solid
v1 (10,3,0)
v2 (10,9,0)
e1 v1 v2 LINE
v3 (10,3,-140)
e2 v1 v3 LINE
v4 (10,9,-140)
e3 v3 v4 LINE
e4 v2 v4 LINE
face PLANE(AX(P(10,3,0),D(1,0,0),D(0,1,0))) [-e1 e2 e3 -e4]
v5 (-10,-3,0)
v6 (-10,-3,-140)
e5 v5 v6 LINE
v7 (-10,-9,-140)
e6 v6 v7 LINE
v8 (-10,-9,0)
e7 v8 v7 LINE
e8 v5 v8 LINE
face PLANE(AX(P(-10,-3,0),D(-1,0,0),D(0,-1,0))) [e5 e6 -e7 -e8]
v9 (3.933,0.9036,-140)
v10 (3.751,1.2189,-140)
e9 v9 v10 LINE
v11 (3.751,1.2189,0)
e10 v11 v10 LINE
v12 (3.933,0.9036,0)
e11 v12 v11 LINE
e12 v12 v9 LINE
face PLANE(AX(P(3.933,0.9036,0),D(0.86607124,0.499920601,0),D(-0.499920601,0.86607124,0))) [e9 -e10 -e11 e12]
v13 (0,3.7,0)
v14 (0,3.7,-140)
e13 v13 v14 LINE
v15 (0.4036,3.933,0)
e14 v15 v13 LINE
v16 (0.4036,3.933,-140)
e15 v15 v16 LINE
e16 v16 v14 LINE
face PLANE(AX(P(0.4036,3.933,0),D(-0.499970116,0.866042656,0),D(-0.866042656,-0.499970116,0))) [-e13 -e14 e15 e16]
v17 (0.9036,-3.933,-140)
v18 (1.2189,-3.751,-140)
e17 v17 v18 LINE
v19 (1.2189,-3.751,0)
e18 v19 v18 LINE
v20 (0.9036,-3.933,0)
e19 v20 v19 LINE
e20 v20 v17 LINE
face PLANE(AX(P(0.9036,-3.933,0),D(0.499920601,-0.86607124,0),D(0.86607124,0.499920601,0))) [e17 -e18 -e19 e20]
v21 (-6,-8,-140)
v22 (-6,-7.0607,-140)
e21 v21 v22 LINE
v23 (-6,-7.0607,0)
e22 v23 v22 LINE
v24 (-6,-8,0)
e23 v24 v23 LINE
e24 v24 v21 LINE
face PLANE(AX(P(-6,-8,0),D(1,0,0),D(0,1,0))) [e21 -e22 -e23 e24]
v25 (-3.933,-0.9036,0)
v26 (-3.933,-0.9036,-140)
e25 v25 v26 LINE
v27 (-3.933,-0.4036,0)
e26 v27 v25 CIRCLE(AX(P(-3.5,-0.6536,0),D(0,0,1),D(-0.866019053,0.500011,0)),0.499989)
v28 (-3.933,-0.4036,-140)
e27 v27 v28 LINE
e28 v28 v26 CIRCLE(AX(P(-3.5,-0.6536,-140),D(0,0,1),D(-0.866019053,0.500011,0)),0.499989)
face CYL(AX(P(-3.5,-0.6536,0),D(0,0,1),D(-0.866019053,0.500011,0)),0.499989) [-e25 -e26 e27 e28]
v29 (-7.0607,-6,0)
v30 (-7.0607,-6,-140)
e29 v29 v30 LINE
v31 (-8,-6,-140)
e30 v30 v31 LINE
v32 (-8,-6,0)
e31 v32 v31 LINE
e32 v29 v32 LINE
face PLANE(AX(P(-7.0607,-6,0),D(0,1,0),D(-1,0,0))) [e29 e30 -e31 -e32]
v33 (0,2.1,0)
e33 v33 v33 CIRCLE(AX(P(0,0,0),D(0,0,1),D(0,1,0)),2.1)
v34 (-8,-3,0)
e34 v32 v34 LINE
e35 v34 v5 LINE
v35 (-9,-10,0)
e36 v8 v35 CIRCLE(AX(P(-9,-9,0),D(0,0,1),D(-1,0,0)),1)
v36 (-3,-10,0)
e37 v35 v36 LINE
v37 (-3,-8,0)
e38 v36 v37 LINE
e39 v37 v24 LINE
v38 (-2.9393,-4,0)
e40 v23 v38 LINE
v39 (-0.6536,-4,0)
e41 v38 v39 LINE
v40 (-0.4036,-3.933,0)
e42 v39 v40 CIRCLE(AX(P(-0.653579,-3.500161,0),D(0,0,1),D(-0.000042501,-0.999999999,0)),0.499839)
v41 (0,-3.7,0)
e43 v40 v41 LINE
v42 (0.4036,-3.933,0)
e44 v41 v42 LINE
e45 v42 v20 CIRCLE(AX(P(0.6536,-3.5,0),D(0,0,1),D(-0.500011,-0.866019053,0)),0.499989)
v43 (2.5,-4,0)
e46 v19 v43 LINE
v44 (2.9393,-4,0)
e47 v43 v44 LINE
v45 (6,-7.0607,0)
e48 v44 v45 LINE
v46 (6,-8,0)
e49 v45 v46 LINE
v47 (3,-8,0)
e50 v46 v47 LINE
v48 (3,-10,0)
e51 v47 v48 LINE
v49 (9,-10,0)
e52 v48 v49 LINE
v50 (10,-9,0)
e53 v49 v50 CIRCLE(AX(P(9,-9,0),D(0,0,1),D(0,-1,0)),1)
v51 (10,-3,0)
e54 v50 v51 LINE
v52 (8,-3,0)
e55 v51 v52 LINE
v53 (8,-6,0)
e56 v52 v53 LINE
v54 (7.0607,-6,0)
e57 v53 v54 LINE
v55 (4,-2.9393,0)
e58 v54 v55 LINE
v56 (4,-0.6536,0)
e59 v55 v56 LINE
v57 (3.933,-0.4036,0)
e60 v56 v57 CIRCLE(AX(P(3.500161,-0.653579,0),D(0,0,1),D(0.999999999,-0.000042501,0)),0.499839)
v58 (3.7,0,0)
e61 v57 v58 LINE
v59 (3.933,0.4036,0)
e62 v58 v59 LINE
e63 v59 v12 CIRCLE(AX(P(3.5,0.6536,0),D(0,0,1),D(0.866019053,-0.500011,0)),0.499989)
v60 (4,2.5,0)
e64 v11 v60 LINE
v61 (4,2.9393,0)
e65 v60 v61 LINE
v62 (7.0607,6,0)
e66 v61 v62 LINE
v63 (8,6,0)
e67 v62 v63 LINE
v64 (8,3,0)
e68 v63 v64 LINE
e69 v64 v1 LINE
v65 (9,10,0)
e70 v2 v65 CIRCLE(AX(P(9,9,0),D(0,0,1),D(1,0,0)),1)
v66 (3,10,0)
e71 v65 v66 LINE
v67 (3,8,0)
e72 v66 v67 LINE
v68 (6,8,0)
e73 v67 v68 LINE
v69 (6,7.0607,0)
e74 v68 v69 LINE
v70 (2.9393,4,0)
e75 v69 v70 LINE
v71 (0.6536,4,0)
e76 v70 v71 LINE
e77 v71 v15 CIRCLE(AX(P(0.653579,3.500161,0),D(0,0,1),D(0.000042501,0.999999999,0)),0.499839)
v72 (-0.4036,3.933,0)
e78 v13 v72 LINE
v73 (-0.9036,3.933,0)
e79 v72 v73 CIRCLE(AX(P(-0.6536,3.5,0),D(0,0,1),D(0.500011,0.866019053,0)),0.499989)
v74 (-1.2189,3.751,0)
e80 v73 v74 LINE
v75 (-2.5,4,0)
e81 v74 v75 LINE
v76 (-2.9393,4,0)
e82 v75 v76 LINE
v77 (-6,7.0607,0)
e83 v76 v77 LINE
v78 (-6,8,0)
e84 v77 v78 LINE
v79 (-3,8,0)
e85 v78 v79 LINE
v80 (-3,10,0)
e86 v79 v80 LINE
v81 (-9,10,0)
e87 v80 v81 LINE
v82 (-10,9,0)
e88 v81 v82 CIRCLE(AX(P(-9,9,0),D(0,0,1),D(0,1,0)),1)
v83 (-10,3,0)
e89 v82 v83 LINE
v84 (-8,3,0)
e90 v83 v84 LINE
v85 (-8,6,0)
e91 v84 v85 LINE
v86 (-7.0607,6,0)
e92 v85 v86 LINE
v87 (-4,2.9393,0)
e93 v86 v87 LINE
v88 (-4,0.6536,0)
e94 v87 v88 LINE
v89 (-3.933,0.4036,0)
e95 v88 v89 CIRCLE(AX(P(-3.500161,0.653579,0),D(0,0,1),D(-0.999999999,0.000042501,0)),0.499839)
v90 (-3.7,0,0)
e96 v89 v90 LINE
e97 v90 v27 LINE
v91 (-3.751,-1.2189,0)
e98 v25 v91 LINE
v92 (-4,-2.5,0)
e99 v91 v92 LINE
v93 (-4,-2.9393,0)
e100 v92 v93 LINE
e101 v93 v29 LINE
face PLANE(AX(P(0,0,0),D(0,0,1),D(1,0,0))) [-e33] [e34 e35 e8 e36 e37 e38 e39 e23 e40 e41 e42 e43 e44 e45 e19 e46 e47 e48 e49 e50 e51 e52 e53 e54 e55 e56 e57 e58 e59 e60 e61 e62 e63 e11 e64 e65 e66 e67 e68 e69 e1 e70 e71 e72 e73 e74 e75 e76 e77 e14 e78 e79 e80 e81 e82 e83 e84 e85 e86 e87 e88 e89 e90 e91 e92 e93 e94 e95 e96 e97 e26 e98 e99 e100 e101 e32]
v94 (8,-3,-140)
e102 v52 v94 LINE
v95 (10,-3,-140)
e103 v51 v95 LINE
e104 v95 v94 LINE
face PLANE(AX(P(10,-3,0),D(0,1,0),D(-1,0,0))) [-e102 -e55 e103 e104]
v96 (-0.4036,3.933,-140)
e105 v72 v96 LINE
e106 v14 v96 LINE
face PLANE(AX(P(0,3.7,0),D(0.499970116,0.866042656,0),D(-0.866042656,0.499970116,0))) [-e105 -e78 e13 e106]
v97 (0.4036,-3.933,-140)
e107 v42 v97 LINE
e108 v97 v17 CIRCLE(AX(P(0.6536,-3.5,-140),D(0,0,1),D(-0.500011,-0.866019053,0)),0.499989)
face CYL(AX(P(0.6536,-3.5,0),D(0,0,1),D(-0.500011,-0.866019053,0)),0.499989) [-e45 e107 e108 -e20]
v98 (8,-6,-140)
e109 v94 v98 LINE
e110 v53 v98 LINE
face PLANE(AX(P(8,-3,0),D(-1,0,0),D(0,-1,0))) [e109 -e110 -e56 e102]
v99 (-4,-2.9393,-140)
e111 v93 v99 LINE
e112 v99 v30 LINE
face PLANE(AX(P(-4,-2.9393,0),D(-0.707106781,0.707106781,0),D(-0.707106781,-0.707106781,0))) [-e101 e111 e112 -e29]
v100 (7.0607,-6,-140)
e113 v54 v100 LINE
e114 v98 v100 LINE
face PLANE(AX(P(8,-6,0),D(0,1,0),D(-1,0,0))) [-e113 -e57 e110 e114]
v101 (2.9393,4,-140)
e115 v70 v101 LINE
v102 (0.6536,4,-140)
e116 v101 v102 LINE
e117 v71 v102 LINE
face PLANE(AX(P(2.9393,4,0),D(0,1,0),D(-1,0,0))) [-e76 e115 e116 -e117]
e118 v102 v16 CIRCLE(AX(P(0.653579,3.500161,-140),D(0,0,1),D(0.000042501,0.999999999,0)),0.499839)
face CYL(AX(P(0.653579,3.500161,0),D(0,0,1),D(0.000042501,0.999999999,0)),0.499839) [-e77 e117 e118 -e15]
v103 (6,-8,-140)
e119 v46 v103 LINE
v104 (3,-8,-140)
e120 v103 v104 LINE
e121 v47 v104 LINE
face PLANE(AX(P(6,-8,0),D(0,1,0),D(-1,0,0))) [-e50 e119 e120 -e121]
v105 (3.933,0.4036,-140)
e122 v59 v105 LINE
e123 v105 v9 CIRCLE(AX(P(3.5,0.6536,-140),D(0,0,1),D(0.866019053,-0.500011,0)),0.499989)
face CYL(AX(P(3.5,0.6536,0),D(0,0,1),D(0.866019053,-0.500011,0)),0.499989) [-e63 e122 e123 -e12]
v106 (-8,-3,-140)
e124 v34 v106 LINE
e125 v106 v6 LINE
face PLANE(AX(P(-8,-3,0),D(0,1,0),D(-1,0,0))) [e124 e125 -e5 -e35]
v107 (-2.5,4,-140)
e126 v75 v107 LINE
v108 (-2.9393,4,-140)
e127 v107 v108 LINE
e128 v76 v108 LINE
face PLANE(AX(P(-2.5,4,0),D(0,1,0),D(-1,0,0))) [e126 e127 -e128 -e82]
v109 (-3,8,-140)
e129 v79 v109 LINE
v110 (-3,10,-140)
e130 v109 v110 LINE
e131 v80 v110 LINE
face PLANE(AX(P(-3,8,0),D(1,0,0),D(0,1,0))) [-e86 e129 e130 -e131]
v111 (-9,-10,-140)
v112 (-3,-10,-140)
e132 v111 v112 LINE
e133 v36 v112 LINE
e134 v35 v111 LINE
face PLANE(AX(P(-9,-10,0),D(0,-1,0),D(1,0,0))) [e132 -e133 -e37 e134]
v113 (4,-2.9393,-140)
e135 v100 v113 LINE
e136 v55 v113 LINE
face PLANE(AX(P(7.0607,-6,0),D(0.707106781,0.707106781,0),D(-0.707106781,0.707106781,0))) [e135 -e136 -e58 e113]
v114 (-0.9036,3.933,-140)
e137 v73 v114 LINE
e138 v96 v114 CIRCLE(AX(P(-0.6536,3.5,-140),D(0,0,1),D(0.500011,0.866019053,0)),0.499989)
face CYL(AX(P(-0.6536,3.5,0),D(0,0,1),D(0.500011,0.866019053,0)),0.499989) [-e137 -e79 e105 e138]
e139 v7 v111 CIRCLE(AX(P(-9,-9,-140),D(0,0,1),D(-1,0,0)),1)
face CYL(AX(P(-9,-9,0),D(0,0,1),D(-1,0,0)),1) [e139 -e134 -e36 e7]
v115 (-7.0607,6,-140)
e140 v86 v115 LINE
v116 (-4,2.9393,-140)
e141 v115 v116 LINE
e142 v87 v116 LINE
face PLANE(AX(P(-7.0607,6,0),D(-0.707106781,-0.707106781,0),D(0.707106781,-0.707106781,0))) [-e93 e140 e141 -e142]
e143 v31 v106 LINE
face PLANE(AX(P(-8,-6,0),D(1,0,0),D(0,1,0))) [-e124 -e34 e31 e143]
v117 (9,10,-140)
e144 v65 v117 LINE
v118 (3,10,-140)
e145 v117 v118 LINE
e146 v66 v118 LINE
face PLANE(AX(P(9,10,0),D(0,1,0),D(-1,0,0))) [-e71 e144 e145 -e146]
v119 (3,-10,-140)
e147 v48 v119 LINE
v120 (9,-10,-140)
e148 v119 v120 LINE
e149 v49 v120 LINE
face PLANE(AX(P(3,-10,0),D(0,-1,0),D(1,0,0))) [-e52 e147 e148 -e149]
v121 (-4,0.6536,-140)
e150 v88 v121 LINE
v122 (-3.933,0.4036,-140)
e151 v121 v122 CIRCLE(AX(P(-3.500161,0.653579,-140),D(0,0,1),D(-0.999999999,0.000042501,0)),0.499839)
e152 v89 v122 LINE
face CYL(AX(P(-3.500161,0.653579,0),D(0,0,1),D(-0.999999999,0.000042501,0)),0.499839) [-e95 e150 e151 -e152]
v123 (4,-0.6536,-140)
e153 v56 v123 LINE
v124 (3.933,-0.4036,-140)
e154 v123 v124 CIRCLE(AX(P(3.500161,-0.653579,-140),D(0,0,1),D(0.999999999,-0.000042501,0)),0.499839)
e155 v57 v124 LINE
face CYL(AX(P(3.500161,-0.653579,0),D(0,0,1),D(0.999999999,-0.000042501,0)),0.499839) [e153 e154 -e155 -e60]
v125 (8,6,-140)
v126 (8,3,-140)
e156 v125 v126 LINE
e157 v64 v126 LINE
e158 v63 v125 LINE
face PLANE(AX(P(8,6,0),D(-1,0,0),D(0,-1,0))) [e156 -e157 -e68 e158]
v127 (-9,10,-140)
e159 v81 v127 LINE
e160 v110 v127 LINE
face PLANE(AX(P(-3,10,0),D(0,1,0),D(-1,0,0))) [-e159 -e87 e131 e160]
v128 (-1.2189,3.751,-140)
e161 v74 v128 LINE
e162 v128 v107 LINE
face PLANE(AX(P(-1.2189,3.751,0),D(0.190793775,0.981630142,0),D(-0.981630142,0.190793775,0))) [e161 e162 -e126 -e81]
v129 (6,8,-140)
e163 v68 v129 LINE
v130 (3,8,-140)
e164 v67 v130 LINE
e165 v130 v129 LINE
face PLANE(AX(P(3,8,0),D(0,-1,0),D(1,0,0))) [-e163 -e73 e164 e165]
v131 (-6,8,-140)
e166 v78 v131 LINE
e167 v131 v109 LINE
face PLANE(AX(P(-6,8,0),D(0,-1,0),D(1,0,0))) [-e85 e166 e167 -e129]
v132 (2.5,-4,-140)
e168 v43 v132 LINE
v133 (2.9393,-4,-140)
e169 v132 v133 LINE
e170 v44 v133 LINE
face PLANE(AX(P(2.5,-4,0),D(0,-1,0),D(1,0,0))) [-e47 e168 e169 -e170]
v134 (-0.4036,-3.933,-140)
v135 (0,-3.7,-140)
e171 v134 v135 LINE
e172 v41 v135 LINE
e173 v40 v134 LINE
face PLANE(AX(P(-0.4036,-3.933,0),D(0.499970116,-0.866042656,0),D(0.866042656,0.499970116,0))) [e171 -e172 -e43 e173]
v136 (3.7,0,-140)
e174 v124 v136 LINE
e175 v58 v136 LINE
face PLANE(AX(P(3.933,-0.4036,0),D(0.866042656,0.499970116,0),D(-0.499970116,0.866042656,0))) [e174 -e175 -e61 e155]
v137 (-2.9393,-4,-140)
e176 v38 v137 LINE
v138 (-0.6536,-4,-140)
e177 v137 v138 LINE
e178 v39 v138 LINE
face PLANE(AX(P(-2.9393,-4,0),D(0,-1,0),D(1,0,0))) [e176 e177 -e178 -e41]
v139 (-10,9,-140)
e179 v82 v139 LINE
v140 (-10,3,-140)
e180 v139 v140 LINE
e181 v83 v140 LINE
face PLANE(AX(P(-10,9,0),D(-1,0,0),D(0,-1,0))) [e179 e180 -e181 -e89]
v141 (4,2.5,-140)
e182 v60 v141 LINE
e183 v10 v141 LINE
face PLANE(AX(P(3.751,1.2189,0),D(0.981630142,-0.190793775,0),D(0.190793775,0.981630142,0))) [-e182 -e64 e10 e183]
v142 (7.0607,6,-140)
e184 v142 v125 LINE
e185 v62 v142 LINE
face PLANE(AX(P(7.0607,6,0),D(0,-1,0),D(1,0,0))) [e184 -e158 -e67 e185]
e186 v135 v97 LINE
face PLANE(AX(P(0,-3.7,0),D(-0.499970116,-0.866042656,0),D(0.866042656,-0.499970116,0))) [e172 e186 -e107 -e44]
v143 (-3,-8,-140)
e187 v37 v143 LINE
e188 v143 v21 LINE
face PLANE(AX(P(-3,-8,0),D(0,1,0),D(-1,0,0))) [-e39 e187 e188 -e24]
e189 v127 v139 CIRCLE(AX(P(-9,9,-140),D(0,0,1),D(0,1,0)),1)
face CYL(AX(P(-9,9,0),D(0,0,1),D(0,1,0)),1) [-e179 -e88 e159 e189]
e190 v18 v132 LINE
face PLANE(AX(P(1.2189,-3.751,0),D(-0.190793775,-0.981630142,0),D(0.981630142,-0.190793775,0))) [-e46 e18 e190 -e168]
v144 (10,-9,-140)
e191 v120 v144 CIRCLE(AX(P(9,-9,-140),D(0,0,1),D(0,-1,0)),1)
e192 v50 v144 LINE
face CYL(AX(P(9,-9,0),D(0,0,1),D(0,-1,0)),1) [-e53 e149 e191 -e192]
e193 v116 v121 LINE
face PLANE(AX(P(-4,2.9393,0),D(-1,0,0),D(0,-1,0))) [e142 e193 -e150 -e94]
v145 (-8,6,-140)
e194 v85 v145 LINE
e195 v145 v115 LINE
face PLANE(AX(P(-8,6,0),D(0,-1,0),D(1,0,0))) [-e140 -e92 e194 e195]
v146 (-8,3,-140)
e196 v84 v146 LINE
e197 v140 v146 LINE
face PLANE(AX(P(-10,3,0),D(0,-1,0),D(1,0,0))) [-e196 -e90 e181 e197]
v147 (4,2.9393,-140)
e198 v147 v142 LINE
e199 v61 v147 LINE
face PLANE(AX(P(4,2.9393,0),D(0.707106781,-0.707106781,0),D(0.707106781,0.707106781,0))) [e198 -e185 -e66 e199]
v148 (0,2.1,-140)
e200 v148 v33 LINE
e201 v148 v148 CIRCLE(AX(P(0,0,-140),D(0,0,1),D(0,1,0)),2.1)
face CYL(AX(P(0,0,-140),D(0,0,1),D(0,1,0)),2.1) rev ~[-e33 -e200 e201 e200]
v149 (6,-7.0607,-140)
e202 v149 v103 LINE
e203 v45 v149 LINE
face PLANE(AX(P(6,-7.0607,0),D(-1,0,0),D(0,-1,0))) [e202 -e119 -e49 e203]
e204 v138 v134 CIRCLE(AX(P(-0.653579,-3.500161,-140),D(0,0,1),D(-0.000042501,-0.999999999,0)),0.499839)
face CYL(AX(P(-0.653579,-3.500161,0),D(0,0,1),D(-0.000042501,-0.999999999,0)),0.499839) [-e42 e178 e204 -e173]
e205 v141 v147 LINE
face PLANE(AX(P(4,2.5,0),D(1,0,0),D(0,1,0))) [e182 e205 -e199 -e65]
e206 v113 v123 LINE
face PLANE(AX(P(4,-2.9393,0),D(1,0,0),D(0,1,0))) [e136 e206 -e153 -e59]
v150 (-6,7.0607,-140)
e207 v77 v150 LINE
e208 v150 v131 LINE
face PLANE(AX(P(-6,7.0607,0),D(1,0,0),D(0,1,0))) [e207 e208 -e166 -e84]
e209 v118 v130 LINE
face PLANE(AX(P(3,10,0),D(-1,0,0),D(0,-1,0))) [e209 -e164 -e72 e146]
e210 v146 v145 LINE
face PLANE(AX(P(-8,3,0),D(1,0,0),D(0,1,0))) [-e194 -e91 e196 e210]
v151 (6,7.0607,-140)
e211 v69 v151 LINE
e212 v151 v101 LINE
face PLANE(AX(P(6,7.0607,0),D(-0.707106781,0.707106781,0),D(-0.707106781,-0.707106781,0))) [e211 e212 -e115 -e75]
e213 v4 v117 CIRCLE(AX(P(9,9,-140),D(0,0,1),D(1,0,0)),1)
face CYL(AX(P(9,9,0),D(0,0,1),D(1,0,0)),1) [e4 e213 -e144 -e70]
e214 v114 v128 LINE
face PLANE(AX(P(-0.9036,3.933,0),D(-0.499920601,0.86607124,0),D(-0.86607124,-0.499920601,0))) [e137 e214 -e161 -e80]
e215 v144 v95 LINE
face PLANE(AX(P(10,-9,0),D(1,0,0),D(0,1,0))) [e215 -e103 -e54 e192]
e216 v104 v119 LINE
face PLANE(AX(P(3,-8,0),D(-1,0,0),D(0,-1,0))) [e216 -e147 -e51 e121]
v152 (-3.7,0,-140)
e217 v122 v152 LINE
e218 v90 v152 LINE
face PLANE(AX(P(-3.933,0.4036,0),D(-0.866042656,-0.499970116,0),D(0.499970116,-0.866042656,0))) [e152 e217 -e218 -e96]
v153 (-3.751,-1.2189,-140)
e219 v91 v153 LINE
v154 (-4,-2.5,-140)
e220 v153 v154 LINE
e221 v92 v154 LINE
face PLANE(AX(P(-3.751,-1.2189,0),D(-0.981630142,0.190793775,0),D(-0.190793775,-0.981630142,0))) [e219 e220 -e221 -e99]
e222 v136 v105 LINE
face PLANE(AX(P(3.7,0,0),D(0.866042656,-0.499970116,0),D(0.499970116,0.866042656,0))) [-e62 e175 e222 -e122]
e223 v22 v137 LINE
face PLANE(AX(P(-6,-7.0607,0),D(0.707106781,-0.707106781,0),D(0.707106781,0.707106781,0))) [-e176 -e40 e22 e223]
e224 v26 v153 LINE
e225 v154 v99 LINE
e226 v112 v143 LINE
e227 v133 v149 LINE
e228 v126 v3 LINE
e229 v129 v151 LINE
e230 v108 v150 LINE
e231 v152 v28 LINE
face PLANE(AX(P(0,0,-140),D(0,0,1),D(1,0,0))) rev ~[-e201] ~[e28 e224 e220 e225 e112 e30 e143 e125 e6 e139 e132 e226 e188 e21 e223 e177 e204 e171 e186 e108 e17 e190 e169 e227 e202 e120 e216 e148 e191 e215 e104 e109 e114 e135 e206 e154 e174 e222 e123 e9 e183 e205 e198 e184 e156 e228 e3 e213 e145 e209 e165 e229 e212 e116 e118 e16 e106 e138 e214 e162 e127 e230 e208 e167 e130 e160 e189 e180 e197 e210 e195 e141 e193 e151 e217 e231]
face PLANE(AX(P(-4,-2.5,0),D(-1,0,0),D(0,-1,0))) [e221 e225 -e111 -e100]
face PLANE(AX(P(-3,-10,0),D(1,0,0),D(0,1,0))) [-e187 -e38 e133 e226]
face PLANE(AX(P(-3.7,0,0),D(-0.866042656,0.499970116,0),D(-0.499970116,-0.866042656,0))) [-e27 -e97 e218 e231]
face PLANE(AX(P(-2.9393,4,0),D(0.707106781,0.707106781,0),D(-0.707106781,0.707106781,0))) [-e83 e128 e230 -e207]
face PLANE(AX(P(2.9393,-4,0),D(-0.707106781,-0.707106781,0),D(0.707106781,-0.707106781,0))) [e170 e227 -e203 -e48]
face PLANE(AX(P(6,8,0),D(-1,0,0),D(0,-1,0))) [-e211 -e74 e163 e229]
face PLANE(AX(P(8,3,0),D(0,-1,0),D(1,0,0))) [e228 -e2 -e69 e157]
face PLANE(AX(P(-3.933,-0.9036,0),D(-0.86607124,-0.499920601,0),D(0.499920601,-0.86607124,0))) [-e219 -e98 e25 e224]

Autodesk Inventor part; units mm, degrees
ref_plane "YZ Plane" through (0, 0, 0) normal (1, 0, 0) x (0, 1, 0)
ref_plane "XZ Plane" through (0, 0, 0) normal (0, 1, 0) x (-1, 0, 0)
ref_plane "XY Plane" through (0, 0, 0) normal (0, 0, 1) x (1, 0, 0)
sketch "_____4" plane through (0, 0, 0) normal (0, 0, 1) x (1, 0, 0)
  line L0 (-10, -3) -> (-10, -9)
  arc A0 (-10, -9) -> (-9, -10) centre (-9, -9) ccw
  line L1 (-9, -10) -> (-3, -10)
  line L2 (-3, -10) -> (-3, -8)
  line L3 (-3, -8) -> (-6, -8)
  line L4 (-6, -8) -> (-6, -7.0607)
  line L5 (-6, -7.0607) -> (-2.9393, -4)
  line L6 (-2.9393, -4) -> (-0.6536, -4)
  arc A1 (-0.6536, -4) -> (-0.4036, -3.933) centre (-0.6536, -3.5) ccw
  line L7 (-0.4036, -3.933) -> (0, -3.7)
  line L8 (0, -3.7) -> (0.4036, -3.933)
  arc A2 (0.4036, -3.933) -> (0.9036, -3.933) centre (0.6536, -3.5) ccw
  line L9 (0.9036, -3.933) -> (1.2189, -3.751)
  line L10 (1.2189, -3.751) -> (2.5, -4)
  line L11 (2.5, -4) -> (2.9393, -4)
  line L12 (2.9393, -4) -> (6, -7.0607)
  line L13 (6, -7.0607) -> (6, -8)
  line L14 (6, -8) -> (3, -8)
  line L15 (3, -8) -> (3, -10)
  line L16 (3, -10) -> (9, -10)
  arc A3 (9, -10) -> (10, -9) centre (9, -9) ccw
  line L17 (10, -9) -> (10, -3)
  line L18 (10, -3) -> (8, -3)
  line L19 (8, -3) -> (8, -6)
  line L20 (8, -6) -> (7.0607, -6)
  line L21 (7.0607, -6) -> (4, -2.9393)
  line L22 (4, -2.9393) -> (4, -0.6536)
  arc A4 (4, -0.6536) -> (3.933, -0.4036) centre (3.5, -0.6536) ccw
  line L23 (3.933, -0.4036) -> (3.7, 0)
  line L24 (3.7, 0) -> (3.933, 0.4036)
  arc A5 (3.933, 0.4036) -> (3.933, 0.9036) centre (3.5, 0.6536) ccw
  line L25 (3.933, 0.9036) -> (3.751, 1.2189)
  line L26 (3.751, 1.2189) -> (4, 2.5)
  line L27 (4, 2.5) -> (4, 2.9393)
  line L28 (4, 2.9393) -> (7.0607, 6)
  line L29 (7.0607, 6) -> (8, 6)
  line L30 (8, 6) -> (8, 3)
  line L31 (8, 3) -> (10, 3)
  line L32 (10, 3) -> (10, 9)
  arc A6 (10, 9) -> (9, 10) centre (9, 9) ccw
  line L33 (9, 10) -> (3, 10)
  line L34 (3, 10) -> (3, 8)
  line L35 (3, 8) -> (6, 8)
  line L36 (6, 8) -> (6, 7.0607)
  line L37 (6, 7.0607) -> (2.9393, 4)
  line L38 (2.9393, 4) -> (0.6536, 4)
  arc A7 (0.6536, 4) -> (0.4036, 3.933) centre (0.6536, 3.5) ccw
  line L39 (0.4036, 3.933) -> (0, 3.7)
  line L40 (0, 3.7) -> (-0.4036, 3.933)
  arc A8 (-0.4036, 3.933) -> (-0.9036, 3.933) centre (-0.6536, 3.5) ccw
  line L41 (-0.9036, 3.933) -> (-1.2189, 3.751)
  line L42 (-1.2189, 3.751) -> (-2.5, 4)
  line L43 (-2.5, 4) -> (-2.9393, 4)
  line L44 (-2.9393, 4) -> (-6, 7.0607)
  line L45 (-6, 7.0607) -> (-6, 8)
  line L46 (-6, 8) -> (-3, 8)
  line L47 (-3, 8) -> (-3, 10)
  line L48 (-3, 10) -> (-9, 10)
  arc A9 (-9, 10) -> (-10, 9) centre (-9, 9) ccw
  line L49 (-10, 9) -> (-10, 3)
  line L50 (-10, 3) -> (-8, 3)
  line L51 (-8, 3) -> (-8, 6)
  line L52 (-8, 6) -> (-7.0607, 6)
  line L53 (-7.0607, 6) -> (-4, 2.9393)
  line L54 (-4, 2.9393) -> (-4, 0.6536)
  arc A10 (-4, 0.6536) -> (-3.933, 0.4036) centre (-3.5, 0.6536) ccw
  line L55 (-3.933, 0.4036) -> (-3.7, 0)
  line L56 (-3.7, 0) -> (-3.933, -0.4036)
  arc A11 (-3.933, -0.4036) -> (-3.933, -0.9036) centre (-3.5, -0.6536) ccw
  line L57 (-3.933, -0.9036) -> (-3.751, -1.2189)
  line L58 (-3.751, -1.2189) -> (-4, -2.5)
  line L59 (-4, -2.5) -> (-4, -2.9393)
  line L60 (-4, -2.9393) -> (-7.0607, -6)
  line L61 (-7.0607, -6) -> (-8, -6)
  line L62 (-8, -6) -> (-8, -3)
  line L63 (-8, -3) -> (-10, -3)
extrude "Extrusion1" add sketch "_____4" against normal blind 140
sketch "Sketch2" plane through (0, 0, -140) normal (0, 0, -1) x (-1, 0, 0)
  point P0 (0, 0)
hole "Hole1" at (0, 0, -140) direction (0, 0, 1) diameter 4.2 depth 4000
properties part number "KNFS5-2020-3" material "アルミニウム 6061"
